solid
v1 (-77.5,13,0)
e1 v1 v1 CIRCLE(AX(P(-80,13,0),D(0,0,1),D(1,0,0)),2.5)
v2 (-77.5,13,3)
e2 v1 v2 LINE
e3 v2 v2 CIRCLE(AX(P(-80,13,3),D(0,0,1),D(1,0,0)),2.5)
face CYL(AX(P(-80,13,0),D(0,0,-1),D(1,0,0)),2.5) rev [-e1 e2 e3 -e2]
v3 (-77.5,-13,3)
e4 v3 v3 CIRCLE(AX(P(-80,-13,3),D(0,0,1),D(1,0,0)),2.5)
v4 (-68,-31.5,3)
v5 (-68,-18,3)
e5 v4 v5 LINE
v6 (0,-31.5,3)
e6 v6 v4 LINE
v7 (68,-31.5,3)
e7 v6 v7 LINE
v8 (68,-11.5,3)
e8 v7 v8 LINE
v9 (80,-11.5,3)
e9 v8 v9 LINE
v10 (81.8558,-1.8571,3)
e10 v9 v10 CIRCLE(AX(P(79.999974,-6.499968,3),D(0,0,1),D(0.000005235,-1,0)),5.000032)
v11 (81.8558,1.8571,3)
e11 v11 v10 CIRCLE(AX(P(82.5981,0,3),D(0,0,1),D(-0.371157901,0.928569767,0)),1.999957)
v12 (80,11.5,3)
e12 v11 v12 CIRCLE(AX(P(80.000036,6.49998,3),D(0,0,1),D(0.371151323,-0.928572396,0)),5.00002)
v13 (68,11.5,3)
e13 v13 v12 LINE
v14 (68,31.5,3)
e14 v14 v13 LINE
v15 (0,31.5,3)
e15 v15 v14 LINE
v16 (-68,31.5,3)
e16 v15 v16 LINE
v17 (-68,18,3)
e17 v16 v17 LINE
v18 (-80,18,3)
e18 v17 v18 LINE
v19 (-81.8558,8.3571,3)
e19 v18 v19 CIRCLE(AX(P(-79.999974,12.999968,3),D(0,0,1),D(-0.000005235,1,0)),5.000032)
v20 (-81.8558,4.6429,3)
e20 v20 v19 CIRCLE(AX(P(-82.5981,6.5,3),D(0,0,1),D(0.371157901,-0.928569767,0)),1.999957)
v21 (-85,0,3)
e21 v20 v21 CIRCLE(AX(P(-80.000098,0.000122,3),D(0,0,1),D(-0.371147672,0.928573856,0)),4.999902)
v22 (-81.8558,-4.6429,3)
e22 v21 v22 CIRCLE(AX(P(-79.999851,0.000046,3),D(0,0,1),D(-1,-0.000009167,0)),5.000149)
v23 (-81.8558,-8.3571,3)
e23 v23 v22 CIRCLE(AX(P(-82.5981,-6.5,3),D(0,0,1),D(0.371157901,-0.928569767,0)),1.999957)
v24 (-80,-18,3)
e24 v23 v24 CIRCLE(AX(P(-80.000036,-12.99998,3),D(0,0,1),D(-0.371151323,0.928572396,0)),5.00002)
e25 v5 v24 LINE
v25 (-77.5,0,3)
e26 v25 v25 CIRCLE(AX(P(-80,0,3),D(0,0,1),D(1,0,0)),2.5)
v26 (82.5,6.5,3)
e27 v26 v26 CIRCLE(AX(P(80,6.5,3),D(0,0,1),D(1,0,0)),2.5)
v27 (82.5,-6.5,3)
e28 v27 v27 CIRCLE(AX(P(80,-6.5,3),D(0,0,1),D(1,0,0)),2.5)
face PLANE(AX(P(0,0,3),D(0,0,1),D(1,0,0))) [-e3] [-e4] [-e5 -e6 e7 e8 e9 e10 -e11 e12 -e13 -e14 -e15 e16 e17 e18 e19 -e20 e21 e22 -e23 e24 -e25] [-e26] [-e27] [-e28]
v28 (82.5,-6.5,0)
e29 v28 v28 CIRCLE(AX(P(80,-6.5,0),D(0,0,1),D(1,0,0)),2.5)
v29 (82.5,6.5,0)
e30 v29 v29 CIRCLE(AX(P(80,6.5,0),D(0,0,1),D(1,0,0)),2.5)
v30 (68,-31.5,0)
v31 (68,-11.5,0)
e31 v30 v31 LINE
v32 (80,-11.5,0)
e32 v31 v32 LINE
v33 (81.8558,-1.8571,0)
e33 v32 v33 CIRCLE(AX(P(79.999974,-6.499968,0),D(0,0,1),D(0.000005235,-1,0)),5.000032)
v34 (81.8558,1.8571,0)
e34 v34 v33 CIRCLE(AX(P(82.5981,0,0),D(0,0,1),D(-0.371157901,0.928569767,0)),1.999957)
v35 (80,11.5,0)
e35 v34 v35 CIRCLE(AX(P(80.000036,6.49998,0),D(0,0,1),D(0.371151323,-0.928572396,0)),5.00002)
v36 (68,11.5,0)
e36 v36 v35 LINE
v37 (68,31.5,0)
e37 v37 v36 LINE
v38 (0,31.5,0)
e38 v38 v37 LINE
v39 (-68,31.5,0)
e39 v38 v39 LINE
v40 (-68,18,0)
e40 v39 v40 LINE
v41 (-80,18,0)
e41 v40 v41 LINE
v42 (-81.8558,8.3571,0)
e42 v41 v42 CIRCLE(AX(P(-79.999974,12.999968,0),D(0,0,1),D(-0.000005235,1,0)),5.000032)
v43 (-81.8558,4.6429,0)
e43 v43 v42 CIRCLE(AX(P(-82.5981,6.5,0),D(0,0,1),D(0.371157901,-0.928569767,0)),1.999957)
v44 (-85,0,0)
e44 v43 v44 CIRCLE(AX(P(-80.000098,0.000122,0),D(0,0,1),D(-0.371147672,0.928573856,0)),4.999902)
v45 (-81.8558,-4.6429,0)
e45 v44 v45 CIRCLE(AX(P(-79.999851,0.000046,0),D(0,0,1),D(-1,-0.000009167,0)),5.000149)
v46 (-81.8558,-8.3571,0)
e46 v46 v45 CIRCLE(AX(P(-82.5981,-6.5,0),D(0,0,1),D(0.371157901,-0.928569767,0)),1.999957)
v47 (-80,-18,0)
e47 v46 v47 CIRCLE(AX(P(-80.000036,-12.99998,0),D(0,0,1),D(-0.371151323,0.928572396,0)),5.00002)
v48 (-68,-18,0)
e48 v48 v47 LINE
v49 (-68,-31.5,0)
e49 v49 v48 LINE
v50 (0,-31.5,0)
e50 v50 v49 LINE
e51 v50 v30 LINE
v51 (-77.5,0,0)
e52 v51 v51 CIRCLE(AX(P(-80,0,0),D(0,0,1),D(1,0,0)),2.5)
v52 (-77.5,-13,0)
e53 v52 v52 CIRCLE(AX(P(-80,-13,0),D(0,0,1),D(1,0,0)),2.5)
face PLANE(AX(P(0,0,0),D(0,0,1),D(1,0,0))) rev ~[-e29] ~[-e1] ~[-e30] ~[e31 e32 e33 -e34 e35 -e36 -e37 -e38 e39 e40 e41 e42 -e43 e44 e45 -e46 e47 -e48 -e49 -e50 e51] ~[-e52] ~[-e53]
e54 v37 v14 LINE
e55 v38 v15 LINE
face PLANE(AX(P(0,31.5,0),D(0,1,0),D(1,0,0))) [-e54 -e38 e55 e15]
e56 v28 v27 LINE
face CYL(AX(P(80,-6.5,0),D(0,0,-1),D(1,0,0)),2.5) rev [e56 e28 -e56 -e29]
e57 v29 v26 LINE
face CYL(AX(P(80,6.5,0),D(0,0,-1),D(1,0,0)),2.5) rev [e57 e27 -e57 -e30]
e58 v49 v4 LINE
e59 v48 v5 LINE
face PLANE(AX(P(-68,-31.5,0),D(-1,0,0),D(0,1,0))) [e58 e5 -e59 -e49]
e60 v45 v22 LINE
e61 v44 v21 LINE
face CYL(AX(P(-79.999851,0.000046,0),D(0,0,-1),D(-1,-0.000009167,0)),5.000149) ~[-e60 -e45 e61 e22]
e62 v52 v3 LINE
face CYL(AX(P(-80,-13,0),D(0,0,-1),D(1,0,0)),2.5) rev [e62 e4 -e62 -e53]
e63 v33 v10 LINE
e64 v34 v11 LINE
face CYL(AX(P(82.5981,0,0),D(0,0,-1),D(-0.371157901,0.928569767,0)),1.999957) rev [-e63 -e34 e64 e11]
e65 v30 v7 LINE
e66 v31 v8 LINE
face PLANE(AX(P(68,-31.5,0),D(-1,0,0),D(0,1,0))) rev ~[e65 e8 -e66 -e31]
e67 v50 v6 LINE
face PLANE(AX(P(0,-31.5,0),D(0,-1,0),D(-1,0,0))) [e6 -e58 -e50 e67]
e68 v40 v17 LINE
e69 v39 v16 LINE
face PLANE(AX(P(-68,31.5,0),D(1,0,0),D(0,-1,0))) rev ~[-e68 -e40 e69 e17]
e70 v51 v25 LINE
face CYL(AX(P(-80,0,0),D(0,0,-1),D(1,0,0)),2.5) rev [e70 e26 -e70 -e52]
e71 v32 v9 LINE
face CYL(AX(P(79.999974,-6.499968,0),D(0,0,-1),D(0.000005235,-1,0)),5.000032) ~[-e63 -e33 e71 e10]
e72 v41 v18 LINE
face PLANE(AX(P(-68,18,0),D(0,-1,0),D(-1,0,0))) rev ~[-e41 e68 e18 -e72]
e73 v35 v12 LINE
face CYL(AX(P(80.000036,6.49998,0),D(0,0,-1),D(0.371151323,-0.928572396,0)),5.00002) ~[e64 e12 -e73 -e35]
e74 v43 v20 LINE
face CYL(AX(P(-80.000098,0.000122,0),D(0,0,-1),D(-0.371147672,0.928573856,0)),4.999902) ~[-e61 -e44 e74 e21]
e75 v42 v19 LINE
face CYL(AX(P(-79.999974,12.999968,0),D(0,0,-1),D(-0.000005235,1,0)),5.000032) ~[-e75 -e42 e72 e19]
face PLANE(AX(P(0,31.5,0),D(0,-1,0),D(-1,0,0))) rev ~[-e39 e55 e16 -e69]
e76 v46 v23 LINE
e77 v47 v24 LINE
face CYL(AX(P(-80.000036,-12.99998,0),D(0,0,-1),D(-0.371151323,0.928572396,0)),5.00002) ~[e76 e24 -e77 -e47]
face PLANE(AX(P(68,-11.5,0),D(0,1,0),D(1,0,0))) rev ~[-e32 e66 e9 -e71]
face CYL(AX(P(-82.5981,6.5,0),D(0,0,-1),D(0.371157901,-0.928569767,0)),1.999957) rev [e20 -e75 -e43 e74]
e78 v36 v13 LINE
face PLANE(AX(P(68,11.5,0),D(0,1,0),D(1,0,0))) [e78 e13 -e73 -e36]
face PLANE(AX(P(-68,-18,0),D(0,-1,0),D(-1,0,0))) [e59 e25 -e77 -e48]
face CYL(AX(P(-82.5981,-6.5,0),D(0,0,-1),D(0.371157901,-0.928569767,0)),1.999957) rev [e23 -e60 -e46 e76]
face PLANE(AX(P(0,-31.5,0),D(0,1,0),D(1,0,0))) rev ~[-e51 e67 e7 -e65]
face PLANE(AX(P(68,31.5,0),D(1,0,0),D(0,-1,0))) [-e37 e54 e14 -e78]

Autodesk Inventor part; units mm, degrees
ref_plane "YZ Plane" through (0, 0, 0) normal (1, 0, 0) x (0, 1, 0)
ref_plane "XZ Plane" through (0, 0, 0) normal (0, 1, 0) x (-1, 0, 0)
ref_plane "XY Plane" through (0, 0, 0) normal (0, 0, 1) x (1, 0, 0)
sketch "Sketch1" plane through (0, 0, 0) normal (0, 0, 1) x (1, 0, 0)
  line L0 (0, 44.1) -> (0, -44.1) construction
  line L1 (-4897.1485, 0) -> (4897.1485, 0) construction
  line L2 (0, -31.5) -> (-68, -31.5)
  line L3 (-68, -31.5) -> (-68, -18)
  line L4 (-68, -18) -> (-80, -18)
  line L5 (-85, 0) -> (-85, -22.0738) construction
  line L6 (-75, -22.5739) -> (-75, 22.5739) construction
  circle A0 centre (-80, -13) radius 2.5
  circle A1 centre (-80, 0) radius 2.5
  line L7 (-80, 0) -> (-80, -13) construction
  arc A2 (-81.8558, -8.3571) -> (-80, -18) centre (-80, -13) ccw
  arc A3 (-85, 0) -> (-81.8558, -4.6429) centre (-80, 0) ccw
  arc A4 (-81.8558, -8.3571) -> (-81.8558, -4.6429) centre (-82.5981, -6.5) ccw
  line L8 (0, 31.5) -> (-68, 31.5)
  line L9 (-68, 31.5) -> (-68, 18)
  line L10 (-68, 18) -> (-80, 18)
  line L11 (-85, 0) -> (-85, 22.0738) construction
  line L12 (-75, 22.5739) -> (-75, -22.5739) construction
  circle A5 centre (-80, 13) radius 2.5
  circle A6 centre (-80, 0) radius 2.5
  line L13 (-80, 0) -> (-80, 13) construction
  arc A7 (-80, 18) -> (-81.8558, 8.3571) centre (-80, 13) ccw
  arc A8 (-81.8558, 4.6429) -> (-85, 0) centre (-80, 0) ccw
  arc A9 (-81.8558, 4.6429) -> (-81.8558, 8.3571) centre (-82.5981, 6.5) ccw
  line L14 (4897.1485, 0) -> (-4897.1485, 0) construction
  line L15 (0, -31.5) -> (68, -31.5)
  line L16 (68, -31.5) -> (68, -11.5)
  line L17 (68, -11.5) -> (80, -11.5)
  line L18 (68, 11.5) -> (80, 11.5)
  line L19 (68, 31.5) -> (68, 11.5)
  line L20 (0, 31.5) -> (68, 31.5)
  line L21 (80, 11.5) -> (80, -11.5) construction
  circle A10 centre (80, -6.5) radius 2.5
  circle A11 centre (80, 6.5) radius 2.5
  line L22 (75, 22.5739) -> (75, -22.5739) construction
  line L23 (75, 22.5739) -> (75, -22.5739) construction
  arc A12 (80, -11.5) -> (81.8558, -1.8571) centre (80, -6.5) ccw
  arc A13 (81.8558, 1.8571) -> (80, 11.5) centre (80, 6.5) ccw
  arc A14 (81.8558, 1.8571) -> (81.8558, -1.8571) centre (82.5981, 0) ccw
  point P0 (0, 0)
  dimension "d0" = 31.5
  dimension "d2" = 7
  dimension "d4" = 5
  dimension "d5" = 5
  dimension "d6" = 5
  dimension "d7" = 5
  dimension "d8" = 13
  dimension "d9" = 5
  dimension "d10" = 2
  dimension "d11" = 2.5
  dimension "d12" = 5
  dimension "d13" = 2.5
  dimension "d14" = 5
  dimension "d15" = 13
  dimension "d16" = 2
extrude "Extrusion1" add sketch "Sketch1" along normal blind 3
equation "\"d0\" = 0.5 * PowerPCB_Width"
equation "\"d2\" = Interface_Thickness"
equation "\"d7\" = d6"
equation "\"d12\" = d4"
equation "\"d13\" = d11"
equation "\"d14\" = d9"
equation "\"d17\" = PowerPCB_Thickness"
equation "\"Heatsink_Thickness\" = 5"
equation "\"Heatsink_Width\" = 65"
equation "\"Cover_Thickness\" = 2"
equation "\"PowerPCB_Minus_Height\" = 1.2"
equation "\"PowerPCB_Width\" = 63"
equation "\"Interface_Thickness\" = 7"
equation "\"PowerPCB_Thickness\" = 3"
equation "\"PowerPCB_Plus_Height\" = 8"
equation "\"LogicPCB_Width\" = 55"
equation "\"LogicPCB_Thickness\" = 2"
equation "\"LogicPCB_Plus_Height\" = 8"
equation "\"HostPCB_Thickness\" = 1.2"
equation "\"HostPCB_Plus_Height\" = 8"
properties part number "PowerPCB" material "GFRC"
